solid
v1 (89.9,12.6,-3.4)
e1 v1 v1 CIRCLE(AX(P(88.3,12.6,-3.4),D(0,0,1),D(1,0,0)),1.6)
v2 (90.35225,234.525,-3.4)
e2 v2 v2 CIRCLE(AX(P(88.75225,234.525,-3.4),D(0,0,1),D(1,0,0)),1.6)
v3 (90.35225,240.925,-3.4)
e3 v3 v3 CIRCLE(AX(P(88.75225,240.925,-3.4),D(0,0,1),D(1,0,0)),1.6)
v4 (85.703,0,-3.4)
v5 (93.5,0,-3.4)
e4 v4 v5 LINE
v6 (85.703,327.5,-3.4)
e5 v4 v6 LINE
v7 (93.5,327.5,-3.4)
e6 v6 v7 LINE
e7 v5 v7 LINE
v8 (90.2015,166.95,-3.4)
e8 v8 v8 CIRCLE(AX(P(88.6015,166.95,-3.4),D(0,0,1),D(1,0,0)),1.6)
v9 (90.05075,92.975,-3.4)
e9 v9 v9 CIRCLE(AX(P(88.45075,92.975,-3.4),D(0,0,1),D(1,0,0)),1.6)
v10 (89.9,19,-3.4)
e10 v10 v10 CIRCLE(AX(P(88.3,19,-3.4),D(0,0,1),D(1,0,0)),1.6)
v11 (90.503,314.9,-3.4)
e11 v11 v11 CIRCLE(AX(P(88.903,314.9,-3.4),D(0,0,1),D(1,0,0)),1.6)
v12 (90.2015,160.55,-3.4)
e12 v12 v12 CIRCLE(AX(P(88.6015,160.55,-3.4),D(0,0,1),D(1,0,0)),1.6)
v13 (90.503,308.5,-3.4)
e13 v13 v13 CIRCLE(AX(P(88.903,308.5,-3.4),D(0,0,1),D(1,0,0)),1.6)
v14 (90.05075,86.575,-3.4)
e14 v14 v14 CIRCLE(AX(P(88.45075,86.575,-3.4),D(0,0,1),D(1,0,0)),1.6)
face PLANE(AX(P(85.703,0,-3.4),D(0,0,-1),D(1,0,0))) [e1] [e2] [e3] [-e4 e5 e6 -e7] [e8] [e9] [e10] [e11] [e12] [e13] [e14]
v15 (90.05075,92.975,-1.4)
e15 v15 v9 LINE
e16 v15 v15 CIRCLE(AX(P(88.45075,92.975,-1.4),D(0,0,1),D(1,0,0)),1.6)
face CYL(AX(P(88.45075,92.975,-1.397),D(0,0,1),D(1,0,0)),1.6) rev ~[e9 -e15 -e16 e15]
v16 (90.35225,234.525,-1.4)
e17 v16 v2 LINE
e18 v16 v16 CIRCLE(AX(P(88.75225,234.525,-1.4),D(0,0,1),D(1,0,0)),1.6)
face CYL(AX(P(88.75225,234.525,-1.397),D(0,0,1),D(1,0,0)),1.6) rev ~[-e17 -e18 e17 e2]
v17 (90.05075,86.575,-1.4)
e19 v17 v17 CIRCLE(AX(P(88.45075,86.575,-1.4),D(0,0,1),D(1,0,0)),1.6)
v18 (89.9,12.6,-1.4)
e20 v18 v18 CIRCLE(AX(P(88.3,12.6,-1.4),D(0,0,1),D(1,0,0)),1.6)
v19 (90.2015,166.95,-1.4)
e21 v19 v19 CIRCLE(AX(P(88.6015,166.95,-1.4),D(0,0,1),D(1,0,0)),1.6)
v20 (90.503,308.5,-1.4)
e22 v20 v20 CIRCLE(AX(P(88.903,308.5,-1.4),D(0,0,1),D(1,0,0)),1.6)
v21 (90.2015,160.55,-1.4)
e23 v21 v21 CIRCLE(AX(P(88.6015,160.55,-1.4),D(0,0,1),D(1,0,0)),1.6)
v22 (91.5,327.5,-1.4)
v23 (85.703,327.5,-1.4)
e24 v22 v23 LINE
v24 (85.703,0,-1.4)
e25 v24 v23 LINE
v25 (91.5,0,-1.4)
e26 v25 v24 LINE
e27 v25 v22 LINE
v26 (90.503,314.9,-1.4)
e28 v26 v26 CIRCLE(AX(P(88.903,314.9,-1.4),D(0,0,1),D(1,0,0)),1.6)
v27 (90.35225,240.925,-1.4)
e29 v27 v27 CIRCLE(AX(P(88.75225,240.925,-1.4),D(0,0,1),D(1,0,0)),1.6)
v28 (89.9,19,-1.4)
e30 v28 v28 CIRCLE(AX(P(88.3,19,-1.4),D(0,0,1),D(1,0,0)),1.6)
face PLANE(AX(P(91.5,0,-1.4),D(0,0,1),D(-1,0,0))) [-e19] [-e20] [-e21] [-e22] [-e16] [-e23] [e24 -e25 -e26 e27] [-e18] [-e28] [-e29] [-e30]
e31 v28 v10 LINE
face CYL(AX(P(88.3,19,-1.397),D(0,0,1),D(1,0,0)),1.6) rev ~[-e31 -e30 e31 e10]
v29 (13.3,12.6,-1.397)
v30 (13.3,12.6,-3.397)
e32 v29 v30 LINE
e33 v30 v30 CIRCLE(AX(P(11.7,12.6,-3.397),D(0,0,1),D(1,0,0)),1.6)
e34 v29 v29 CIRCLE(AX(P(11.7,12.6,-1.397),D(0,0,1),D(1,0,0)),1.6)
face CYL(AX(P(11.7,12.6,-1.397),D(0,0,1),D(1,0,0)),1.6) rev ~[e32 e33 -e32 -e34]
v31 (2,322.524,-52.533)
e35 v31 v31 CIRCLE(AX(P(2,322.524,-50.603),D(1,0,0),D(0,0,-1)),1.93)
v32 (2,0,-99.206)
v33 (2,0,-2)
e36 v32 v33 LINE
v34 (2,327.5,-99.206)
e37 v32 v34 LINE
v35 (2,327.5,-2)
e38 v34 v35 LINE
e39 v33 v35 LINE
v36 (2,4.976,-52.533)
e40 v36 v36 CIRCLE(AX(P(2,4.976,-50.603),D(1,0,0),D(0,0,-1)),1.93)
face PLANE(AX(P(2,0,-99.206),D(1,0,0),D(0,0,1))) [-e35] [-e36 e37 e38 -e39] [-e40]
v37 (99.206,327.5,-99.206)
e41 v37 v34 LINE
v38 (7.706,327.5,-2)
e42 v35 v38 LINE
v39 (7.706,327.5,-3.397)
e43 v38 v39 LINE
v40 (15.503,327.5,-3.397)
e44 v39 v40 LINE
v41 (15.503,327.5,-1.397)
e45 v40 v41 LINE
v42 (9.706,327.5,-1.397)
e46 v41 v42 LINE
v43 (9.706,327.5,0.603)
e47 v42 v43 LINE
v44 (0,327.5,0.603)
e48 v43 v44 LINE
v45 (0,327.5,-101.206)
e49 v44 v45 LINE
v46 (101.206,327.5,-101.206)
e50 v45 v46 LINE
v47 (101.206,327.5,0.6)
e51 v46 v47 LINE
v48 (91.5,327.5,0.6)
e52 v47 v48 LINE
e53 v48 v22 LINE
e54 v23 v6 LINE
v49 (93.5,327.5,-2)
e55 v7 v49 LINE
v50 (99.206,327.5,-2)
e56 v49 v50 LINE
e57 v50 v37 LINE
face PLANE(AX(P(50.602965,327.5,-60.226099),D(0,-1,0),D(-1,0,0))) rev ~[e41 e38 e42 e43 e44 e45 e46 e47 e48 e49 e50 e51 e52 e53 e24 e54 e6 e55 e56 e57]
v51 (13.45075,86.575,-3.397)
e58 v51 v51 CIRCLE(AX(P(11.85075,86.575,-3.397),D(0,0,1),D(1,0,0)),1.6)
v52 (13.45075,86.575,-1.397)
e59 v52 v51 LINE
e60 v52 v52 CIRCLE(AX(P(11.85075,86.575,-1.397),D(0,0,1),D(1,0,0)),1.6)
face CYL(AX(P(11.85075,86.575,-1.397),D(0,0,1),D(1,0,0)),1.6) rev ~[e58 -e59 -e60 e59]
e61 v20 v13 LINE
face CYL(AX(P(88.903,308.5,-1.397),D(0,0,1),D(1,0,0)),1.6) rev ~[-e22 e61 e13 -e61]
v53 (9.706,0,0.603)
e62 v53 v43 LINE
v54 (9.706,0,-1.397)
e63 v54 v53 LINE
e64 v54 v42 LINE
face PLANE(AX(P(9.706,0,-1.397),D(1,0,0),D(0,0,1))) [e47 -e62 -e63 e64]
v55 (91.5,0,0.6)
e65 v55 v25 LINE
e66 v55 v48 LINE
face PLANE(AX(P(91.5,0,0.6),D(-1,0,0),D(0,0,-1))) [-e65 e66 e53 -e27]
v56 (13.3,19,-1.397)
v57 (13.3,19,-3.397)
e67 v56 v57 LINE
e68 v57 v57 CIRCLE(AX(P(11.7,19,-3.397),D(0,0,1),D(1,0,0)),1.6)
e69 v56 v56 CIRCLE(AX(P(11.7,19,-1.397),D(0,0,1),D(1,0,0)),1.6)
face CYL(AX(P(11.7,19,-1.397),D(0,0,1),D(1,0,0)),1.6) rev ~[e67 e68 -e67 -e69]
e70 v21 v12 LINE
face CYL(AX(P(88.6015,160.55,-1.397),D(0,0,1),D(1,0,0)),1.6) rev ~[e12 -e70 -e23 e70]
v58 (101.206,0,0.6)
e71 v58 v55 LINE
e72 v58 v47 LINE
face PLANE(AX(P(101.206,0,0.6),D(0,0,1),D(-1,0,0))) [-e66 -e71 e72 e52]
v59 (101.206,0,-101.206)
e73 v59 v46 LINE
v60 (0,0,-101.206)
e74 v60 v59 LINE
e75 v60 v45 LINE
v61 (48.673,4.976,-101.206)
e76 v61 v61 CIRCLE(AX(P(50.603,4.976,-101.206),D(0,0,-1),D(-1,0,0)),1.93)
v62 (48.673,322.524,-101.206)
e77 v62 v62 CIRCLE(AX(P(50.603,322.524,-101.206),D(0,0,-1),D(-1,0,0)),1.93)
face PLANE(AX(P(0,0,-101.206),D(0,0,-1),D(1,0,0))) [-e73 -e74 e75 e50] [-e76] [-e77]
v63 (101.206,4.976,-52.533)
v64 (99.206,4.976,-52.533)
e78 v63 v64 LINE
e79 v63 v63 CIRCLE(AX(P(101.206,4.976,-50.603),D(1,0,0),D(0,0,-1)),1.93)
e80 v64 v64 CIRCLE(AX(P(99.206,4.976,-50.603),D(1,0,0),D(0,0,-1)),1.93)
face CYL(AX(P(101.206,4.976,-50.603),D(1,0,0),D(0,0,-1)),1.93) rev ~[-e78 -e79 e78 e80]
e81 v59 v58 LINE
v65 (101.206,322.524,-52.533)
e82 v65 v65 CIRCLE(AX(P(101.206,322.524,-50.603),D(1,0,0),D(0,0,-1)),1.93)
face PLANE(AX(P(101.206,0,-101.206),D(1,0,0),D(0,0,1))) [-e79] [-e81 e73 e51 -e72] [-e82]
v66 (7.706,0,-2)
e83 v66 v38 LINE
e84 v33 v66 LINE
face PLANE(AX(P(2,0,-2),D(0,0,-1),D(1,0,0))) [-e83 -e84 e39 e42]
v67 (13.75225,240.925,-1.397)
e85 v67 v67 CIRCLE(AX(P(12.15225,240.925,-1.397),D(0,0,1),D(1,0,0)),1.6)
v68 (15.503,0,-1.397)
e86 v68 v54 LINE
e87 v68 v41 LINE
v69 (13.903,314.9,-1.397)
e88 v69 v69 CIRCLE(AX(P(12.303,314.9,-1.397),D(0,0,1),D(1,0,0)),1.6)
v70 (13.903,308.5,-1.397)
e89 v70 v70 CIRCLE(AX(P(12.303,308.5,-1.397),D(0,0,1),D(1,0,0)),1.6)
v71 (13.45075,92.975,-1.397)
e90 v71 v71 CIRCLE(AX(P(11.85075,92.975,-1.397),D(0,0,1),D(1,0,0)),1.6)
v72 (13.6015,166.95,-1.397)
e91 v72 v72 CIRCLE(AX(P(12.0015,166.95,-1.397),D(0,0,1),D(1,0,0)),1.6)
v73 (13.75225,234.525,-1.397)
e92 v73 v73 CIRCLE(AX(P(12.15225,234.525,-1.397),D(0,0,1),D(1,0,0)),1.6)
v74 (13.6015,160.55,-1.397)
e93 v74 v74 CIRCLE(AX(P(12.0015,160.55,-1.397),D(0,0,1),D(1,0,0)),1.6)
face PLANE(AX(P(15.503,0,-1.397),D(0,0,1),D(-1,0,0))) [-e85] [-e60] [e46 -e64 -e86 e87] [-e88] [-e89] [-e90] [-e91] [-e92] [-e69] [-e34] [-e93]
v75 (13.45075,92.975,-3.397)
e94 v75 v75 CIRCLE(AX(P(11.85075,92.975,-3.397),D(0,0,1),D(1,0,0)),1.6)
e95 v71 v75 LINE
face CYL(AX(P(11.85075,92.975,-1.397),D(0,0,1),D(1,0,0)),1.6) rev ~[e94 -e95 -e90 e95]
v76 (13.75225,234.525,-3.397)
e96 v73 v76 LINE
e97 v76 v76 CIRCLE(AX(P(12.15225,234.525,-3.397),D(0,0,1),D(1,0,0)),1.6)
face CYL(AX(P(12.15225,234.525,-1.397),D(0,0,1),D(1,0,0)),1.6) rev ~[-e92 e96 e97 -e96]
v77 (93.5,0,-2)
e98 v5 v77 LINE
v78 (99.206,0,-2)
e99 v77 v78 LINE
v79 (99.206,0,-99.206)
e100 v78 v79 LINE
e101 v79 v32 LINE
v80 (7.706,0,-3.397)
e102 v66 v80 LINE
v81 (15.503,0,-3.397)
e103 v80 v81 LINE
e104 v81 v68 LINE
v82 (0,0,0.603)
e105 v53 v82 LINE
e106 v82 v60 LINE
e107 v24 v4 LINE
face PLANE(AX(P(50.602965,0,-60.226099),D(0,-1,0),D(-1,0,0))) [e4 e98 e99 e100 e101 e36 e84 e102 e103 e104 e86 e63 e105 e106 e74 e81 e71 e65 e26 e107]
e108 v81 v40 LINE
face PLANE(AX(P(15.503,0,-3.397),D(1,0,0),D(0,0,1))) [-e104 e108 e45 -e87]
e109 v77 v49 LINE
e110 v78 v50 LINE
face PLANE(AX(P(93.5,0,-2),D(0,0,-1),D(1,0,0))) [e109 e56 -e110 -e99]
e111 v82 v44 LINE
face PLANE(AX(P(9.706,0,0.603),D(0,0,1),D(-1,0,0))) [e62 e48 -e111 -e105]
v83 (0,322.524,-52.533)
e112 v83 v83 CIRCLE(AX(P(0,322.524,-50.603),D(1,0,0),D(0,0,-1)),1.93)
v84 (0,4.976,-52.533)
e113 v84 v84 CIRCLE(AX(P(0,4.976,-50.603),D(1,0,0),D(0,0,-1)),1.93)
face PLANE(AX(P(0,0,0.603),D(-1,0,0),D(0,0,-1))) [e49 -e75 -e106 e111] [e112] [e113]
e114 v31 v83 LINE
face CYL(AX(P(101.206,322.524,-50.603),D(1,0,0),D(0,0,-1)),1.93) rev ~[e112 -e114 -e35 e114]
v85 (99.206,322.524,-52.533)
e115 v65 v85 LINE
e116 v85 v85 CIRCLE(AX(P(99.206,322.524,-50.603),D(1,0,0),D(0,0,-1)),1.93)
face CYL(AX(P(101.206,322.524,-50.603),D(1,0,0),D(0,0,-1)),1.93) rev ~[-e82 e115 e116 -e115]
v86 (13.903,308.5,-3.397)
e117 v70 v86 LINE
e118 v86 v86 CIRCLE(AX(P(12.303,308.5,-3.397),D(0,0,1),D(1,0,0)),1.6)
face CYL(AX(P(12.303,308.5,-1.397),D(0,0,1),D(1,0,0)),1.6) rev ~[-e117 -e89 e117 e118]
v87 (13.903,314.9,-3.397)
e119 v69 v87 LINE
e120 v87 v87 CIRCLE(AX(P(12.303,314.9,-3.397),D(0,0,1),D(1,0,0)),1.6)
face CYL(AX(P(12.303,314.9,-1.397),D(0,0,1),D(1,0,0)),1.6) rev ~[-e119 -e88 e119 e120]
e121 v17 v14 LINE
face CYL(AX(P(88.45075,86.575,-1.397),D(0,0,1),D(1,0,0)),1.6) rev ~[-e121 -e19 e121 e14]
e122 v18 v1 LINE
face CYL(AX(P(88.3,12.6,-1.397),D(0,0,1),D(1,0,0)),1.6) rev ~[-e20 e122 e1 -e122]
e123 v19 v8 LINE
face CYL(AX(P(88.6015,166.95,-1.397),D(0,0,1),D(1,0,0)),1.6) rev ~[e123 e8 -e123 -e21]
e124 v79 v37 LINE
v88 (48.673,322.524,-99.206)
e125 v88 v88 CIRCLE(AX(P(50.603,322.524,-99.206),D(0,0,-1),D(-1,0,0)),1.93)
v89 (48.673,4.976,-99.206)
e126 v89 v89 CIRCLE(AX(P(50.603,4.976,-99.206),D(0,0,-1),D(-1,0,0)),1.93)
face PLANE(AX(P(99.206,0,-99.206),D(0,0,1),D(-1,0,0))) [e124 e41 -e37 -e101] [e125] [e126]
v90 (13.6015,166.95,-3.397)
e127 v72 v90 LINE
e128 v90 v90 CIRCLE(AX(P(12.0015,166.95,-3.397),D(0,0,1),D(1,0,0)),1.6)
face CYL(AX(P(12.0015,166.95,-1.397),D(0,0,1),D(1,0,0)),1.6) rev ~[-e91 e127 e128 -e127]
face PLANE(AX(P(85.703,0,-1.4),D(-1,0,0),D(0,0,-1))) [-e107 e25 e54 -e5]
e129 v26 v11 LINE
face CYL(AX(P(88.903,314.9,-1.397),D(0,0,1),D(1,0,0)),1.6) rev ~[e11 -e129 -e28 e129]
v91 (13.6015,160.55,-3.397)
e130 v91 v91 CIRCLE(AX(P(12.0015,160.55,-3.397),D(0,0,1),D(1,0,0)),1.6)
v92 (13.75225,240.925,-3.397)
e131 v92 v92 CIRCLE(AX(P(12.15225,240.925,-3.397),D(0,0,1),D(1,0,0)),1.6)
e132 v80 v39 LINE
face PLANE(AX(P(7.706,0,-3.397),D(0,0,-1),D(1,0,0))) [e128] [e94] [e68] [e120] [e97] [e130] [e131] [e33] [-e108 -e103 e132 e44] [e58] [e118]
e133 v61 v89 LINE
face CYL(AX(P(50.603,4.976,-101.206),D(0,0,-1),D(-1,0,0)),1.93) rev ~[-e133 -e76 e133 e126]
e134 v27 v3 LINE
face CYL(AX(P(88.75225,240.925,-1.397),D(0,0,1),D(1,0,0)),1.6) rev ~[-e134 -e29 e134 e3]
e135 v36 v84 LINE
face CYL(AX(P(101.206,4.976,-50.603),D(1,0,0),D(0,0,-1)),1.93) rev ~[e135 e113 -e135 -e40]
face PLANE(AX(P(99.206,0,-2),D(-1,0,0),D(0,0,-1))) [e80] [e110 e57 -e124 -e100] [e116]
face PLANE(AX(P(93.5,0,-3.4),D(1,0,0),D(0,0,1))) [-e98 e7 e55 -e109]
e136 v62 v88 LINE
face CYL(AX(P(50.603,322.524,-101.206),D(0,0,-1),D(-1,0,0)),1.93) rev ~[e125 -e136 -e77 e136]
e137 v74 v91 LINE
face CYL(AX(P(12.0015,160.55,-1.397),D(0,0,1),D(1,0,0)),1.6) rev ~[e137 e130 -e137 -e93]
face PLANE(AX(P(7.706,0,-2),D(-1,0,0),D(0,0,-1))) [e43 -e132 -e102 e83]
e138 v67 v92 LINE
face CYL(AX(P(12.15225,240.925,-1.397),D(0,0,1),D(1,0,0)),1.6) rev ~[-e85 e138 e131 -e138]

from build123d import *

# Parameters (mm, degrees)
BOSS_EXTRUDE1_DEPTH = 327.5
SKETCH2_R           = 1.6
CUT_EXTRUDE2_DEPTH  = 10
SKETCH3_R           = 1.93
CUT_EXTRUDE3_DEPTH  = 102
SKETCH4_R           = 1.93
CUT_EXTRUDE4_DEPTH  = 10


with BuildPart() as part:
    # Sketch1 → Boss-Extrude1 (new body)
    with BuildSketch(Plane(origin=(0, 0, 0), x_dir=(1, 0, 0), z_dir=(0, 1, 0))):
        Polygon((0, -0.603), (0, 101.206), (101.206, 101.206), (101.206, -0.6), (91.5, -0.6), (91.5, 1.4), (85.703, 1.4), (85.703, 3.4), (93.5, 3.4), (93.5, 2), (99.206, 2), (99.206, 99.206), (2, 99.206), (2, 2), (7.706, 2), (7.706, 3.397), (15.503, 3.397), (15.503, 1.397), (9.706, 1.397), (9.706, -0.603), align=None)
    extrude(amount=BOSS_EXTRUDE1_DEPTH)

    # Sketch2 → Cut-Extrude2 (cut)
    with BuildSketch(Plane.XY.offset(-1.397)):
        with Locations((12.303, 314.9)):
            Circle(SKETCH2_R)
        with Locations((12.303, 308.5)):
            Circle(SKETCH2_R)
        with Locations((88.903, 314.9)):
            Circle(SKETCH2_R)
        with Locations((88.903, 308.5)):
            Circle(SKETCH2_R)
        with Locations((12.15225, 240.925)):
            Circle(SKETCH2_R)
        with Locations((12.15225, 234.525)):
            Circle(SKETCH2_R)
        with Locations((88.75225, 240.925)):
            Circle(SKETCH2_R)
        with Locations((88.75225, 234.525)):
            Circle(SKETCH2_R)
        with Locations((12.0015, 166.95)):
            Circle(SKETCH2_R)
        with Locations((12.0015, 160.55)):
            Circle(SKETCH2_R)
        with Locations((88.6015, 166.95)):
            Circle(SKETCH2_R)
        with Locations((88.6015, 160.55)):
            Circle(SKETCH2_R)
        with Locations((11.85075, 92.975)):
            Circle(SKETCH2_R)
        with Locations((11.85075, 86.575)):
            Circle(SKETCH2_R)
        with Locations((88.45075, 92.975)):
            Circle(SKETCH2_R)
        with Locations((88.45075, 86.575)):
            Circle(SKETCH2_R)
        with Locations((11.7, 19)):
            Circle(SKETCH2_R)
        with Locations((11.7, 12.6)):
            Circle(SKETCH2_R)
        with Locations((88.3, 19)):
            Circle(SKETCH2_R)
        with Locations((88.3, 12.6)):
            Circle(SKETCH2_R)
    extrude(amount=-CUT_EXTRUDE2_DEPTH, mode=Mode.SUBTRACT)

    # Sketch3 → Cut-Extrude3 (cut)
    with BuildSketch(Plane(origin=(101.206, 0, 0), x_dir=(0, 0, -1), z_dir=(1, 0, 0))):
        with Locations((50.603, 322.524)):
            Circle(SKETCH3_R)
        with Locations((50.603, 4.976)):
            Circle(SKETCH3_R)
    extrude(amount=-CUT_EXTRUDE3_DEPTH, mode=Mode.SUBTRACT)

    # Sketch4 → Cut-Extrude4 (cut)
    with BuildSketch(Plane(origin=(0, 0, -101.206), x_dir=(-1, 0, 0), z_dir=(0, 0, -1))):
        with Locations((-50.603, 322.524)):
            Circle(SKETCH4_R)
        with Locations((-50.603, 4.976)):
            Circle(SKETCH4_R)
    extrude(amount=-CUT_EXTRUDE4_DEPTH, mode=Mode.SUBTRACT)


solid = part.part
